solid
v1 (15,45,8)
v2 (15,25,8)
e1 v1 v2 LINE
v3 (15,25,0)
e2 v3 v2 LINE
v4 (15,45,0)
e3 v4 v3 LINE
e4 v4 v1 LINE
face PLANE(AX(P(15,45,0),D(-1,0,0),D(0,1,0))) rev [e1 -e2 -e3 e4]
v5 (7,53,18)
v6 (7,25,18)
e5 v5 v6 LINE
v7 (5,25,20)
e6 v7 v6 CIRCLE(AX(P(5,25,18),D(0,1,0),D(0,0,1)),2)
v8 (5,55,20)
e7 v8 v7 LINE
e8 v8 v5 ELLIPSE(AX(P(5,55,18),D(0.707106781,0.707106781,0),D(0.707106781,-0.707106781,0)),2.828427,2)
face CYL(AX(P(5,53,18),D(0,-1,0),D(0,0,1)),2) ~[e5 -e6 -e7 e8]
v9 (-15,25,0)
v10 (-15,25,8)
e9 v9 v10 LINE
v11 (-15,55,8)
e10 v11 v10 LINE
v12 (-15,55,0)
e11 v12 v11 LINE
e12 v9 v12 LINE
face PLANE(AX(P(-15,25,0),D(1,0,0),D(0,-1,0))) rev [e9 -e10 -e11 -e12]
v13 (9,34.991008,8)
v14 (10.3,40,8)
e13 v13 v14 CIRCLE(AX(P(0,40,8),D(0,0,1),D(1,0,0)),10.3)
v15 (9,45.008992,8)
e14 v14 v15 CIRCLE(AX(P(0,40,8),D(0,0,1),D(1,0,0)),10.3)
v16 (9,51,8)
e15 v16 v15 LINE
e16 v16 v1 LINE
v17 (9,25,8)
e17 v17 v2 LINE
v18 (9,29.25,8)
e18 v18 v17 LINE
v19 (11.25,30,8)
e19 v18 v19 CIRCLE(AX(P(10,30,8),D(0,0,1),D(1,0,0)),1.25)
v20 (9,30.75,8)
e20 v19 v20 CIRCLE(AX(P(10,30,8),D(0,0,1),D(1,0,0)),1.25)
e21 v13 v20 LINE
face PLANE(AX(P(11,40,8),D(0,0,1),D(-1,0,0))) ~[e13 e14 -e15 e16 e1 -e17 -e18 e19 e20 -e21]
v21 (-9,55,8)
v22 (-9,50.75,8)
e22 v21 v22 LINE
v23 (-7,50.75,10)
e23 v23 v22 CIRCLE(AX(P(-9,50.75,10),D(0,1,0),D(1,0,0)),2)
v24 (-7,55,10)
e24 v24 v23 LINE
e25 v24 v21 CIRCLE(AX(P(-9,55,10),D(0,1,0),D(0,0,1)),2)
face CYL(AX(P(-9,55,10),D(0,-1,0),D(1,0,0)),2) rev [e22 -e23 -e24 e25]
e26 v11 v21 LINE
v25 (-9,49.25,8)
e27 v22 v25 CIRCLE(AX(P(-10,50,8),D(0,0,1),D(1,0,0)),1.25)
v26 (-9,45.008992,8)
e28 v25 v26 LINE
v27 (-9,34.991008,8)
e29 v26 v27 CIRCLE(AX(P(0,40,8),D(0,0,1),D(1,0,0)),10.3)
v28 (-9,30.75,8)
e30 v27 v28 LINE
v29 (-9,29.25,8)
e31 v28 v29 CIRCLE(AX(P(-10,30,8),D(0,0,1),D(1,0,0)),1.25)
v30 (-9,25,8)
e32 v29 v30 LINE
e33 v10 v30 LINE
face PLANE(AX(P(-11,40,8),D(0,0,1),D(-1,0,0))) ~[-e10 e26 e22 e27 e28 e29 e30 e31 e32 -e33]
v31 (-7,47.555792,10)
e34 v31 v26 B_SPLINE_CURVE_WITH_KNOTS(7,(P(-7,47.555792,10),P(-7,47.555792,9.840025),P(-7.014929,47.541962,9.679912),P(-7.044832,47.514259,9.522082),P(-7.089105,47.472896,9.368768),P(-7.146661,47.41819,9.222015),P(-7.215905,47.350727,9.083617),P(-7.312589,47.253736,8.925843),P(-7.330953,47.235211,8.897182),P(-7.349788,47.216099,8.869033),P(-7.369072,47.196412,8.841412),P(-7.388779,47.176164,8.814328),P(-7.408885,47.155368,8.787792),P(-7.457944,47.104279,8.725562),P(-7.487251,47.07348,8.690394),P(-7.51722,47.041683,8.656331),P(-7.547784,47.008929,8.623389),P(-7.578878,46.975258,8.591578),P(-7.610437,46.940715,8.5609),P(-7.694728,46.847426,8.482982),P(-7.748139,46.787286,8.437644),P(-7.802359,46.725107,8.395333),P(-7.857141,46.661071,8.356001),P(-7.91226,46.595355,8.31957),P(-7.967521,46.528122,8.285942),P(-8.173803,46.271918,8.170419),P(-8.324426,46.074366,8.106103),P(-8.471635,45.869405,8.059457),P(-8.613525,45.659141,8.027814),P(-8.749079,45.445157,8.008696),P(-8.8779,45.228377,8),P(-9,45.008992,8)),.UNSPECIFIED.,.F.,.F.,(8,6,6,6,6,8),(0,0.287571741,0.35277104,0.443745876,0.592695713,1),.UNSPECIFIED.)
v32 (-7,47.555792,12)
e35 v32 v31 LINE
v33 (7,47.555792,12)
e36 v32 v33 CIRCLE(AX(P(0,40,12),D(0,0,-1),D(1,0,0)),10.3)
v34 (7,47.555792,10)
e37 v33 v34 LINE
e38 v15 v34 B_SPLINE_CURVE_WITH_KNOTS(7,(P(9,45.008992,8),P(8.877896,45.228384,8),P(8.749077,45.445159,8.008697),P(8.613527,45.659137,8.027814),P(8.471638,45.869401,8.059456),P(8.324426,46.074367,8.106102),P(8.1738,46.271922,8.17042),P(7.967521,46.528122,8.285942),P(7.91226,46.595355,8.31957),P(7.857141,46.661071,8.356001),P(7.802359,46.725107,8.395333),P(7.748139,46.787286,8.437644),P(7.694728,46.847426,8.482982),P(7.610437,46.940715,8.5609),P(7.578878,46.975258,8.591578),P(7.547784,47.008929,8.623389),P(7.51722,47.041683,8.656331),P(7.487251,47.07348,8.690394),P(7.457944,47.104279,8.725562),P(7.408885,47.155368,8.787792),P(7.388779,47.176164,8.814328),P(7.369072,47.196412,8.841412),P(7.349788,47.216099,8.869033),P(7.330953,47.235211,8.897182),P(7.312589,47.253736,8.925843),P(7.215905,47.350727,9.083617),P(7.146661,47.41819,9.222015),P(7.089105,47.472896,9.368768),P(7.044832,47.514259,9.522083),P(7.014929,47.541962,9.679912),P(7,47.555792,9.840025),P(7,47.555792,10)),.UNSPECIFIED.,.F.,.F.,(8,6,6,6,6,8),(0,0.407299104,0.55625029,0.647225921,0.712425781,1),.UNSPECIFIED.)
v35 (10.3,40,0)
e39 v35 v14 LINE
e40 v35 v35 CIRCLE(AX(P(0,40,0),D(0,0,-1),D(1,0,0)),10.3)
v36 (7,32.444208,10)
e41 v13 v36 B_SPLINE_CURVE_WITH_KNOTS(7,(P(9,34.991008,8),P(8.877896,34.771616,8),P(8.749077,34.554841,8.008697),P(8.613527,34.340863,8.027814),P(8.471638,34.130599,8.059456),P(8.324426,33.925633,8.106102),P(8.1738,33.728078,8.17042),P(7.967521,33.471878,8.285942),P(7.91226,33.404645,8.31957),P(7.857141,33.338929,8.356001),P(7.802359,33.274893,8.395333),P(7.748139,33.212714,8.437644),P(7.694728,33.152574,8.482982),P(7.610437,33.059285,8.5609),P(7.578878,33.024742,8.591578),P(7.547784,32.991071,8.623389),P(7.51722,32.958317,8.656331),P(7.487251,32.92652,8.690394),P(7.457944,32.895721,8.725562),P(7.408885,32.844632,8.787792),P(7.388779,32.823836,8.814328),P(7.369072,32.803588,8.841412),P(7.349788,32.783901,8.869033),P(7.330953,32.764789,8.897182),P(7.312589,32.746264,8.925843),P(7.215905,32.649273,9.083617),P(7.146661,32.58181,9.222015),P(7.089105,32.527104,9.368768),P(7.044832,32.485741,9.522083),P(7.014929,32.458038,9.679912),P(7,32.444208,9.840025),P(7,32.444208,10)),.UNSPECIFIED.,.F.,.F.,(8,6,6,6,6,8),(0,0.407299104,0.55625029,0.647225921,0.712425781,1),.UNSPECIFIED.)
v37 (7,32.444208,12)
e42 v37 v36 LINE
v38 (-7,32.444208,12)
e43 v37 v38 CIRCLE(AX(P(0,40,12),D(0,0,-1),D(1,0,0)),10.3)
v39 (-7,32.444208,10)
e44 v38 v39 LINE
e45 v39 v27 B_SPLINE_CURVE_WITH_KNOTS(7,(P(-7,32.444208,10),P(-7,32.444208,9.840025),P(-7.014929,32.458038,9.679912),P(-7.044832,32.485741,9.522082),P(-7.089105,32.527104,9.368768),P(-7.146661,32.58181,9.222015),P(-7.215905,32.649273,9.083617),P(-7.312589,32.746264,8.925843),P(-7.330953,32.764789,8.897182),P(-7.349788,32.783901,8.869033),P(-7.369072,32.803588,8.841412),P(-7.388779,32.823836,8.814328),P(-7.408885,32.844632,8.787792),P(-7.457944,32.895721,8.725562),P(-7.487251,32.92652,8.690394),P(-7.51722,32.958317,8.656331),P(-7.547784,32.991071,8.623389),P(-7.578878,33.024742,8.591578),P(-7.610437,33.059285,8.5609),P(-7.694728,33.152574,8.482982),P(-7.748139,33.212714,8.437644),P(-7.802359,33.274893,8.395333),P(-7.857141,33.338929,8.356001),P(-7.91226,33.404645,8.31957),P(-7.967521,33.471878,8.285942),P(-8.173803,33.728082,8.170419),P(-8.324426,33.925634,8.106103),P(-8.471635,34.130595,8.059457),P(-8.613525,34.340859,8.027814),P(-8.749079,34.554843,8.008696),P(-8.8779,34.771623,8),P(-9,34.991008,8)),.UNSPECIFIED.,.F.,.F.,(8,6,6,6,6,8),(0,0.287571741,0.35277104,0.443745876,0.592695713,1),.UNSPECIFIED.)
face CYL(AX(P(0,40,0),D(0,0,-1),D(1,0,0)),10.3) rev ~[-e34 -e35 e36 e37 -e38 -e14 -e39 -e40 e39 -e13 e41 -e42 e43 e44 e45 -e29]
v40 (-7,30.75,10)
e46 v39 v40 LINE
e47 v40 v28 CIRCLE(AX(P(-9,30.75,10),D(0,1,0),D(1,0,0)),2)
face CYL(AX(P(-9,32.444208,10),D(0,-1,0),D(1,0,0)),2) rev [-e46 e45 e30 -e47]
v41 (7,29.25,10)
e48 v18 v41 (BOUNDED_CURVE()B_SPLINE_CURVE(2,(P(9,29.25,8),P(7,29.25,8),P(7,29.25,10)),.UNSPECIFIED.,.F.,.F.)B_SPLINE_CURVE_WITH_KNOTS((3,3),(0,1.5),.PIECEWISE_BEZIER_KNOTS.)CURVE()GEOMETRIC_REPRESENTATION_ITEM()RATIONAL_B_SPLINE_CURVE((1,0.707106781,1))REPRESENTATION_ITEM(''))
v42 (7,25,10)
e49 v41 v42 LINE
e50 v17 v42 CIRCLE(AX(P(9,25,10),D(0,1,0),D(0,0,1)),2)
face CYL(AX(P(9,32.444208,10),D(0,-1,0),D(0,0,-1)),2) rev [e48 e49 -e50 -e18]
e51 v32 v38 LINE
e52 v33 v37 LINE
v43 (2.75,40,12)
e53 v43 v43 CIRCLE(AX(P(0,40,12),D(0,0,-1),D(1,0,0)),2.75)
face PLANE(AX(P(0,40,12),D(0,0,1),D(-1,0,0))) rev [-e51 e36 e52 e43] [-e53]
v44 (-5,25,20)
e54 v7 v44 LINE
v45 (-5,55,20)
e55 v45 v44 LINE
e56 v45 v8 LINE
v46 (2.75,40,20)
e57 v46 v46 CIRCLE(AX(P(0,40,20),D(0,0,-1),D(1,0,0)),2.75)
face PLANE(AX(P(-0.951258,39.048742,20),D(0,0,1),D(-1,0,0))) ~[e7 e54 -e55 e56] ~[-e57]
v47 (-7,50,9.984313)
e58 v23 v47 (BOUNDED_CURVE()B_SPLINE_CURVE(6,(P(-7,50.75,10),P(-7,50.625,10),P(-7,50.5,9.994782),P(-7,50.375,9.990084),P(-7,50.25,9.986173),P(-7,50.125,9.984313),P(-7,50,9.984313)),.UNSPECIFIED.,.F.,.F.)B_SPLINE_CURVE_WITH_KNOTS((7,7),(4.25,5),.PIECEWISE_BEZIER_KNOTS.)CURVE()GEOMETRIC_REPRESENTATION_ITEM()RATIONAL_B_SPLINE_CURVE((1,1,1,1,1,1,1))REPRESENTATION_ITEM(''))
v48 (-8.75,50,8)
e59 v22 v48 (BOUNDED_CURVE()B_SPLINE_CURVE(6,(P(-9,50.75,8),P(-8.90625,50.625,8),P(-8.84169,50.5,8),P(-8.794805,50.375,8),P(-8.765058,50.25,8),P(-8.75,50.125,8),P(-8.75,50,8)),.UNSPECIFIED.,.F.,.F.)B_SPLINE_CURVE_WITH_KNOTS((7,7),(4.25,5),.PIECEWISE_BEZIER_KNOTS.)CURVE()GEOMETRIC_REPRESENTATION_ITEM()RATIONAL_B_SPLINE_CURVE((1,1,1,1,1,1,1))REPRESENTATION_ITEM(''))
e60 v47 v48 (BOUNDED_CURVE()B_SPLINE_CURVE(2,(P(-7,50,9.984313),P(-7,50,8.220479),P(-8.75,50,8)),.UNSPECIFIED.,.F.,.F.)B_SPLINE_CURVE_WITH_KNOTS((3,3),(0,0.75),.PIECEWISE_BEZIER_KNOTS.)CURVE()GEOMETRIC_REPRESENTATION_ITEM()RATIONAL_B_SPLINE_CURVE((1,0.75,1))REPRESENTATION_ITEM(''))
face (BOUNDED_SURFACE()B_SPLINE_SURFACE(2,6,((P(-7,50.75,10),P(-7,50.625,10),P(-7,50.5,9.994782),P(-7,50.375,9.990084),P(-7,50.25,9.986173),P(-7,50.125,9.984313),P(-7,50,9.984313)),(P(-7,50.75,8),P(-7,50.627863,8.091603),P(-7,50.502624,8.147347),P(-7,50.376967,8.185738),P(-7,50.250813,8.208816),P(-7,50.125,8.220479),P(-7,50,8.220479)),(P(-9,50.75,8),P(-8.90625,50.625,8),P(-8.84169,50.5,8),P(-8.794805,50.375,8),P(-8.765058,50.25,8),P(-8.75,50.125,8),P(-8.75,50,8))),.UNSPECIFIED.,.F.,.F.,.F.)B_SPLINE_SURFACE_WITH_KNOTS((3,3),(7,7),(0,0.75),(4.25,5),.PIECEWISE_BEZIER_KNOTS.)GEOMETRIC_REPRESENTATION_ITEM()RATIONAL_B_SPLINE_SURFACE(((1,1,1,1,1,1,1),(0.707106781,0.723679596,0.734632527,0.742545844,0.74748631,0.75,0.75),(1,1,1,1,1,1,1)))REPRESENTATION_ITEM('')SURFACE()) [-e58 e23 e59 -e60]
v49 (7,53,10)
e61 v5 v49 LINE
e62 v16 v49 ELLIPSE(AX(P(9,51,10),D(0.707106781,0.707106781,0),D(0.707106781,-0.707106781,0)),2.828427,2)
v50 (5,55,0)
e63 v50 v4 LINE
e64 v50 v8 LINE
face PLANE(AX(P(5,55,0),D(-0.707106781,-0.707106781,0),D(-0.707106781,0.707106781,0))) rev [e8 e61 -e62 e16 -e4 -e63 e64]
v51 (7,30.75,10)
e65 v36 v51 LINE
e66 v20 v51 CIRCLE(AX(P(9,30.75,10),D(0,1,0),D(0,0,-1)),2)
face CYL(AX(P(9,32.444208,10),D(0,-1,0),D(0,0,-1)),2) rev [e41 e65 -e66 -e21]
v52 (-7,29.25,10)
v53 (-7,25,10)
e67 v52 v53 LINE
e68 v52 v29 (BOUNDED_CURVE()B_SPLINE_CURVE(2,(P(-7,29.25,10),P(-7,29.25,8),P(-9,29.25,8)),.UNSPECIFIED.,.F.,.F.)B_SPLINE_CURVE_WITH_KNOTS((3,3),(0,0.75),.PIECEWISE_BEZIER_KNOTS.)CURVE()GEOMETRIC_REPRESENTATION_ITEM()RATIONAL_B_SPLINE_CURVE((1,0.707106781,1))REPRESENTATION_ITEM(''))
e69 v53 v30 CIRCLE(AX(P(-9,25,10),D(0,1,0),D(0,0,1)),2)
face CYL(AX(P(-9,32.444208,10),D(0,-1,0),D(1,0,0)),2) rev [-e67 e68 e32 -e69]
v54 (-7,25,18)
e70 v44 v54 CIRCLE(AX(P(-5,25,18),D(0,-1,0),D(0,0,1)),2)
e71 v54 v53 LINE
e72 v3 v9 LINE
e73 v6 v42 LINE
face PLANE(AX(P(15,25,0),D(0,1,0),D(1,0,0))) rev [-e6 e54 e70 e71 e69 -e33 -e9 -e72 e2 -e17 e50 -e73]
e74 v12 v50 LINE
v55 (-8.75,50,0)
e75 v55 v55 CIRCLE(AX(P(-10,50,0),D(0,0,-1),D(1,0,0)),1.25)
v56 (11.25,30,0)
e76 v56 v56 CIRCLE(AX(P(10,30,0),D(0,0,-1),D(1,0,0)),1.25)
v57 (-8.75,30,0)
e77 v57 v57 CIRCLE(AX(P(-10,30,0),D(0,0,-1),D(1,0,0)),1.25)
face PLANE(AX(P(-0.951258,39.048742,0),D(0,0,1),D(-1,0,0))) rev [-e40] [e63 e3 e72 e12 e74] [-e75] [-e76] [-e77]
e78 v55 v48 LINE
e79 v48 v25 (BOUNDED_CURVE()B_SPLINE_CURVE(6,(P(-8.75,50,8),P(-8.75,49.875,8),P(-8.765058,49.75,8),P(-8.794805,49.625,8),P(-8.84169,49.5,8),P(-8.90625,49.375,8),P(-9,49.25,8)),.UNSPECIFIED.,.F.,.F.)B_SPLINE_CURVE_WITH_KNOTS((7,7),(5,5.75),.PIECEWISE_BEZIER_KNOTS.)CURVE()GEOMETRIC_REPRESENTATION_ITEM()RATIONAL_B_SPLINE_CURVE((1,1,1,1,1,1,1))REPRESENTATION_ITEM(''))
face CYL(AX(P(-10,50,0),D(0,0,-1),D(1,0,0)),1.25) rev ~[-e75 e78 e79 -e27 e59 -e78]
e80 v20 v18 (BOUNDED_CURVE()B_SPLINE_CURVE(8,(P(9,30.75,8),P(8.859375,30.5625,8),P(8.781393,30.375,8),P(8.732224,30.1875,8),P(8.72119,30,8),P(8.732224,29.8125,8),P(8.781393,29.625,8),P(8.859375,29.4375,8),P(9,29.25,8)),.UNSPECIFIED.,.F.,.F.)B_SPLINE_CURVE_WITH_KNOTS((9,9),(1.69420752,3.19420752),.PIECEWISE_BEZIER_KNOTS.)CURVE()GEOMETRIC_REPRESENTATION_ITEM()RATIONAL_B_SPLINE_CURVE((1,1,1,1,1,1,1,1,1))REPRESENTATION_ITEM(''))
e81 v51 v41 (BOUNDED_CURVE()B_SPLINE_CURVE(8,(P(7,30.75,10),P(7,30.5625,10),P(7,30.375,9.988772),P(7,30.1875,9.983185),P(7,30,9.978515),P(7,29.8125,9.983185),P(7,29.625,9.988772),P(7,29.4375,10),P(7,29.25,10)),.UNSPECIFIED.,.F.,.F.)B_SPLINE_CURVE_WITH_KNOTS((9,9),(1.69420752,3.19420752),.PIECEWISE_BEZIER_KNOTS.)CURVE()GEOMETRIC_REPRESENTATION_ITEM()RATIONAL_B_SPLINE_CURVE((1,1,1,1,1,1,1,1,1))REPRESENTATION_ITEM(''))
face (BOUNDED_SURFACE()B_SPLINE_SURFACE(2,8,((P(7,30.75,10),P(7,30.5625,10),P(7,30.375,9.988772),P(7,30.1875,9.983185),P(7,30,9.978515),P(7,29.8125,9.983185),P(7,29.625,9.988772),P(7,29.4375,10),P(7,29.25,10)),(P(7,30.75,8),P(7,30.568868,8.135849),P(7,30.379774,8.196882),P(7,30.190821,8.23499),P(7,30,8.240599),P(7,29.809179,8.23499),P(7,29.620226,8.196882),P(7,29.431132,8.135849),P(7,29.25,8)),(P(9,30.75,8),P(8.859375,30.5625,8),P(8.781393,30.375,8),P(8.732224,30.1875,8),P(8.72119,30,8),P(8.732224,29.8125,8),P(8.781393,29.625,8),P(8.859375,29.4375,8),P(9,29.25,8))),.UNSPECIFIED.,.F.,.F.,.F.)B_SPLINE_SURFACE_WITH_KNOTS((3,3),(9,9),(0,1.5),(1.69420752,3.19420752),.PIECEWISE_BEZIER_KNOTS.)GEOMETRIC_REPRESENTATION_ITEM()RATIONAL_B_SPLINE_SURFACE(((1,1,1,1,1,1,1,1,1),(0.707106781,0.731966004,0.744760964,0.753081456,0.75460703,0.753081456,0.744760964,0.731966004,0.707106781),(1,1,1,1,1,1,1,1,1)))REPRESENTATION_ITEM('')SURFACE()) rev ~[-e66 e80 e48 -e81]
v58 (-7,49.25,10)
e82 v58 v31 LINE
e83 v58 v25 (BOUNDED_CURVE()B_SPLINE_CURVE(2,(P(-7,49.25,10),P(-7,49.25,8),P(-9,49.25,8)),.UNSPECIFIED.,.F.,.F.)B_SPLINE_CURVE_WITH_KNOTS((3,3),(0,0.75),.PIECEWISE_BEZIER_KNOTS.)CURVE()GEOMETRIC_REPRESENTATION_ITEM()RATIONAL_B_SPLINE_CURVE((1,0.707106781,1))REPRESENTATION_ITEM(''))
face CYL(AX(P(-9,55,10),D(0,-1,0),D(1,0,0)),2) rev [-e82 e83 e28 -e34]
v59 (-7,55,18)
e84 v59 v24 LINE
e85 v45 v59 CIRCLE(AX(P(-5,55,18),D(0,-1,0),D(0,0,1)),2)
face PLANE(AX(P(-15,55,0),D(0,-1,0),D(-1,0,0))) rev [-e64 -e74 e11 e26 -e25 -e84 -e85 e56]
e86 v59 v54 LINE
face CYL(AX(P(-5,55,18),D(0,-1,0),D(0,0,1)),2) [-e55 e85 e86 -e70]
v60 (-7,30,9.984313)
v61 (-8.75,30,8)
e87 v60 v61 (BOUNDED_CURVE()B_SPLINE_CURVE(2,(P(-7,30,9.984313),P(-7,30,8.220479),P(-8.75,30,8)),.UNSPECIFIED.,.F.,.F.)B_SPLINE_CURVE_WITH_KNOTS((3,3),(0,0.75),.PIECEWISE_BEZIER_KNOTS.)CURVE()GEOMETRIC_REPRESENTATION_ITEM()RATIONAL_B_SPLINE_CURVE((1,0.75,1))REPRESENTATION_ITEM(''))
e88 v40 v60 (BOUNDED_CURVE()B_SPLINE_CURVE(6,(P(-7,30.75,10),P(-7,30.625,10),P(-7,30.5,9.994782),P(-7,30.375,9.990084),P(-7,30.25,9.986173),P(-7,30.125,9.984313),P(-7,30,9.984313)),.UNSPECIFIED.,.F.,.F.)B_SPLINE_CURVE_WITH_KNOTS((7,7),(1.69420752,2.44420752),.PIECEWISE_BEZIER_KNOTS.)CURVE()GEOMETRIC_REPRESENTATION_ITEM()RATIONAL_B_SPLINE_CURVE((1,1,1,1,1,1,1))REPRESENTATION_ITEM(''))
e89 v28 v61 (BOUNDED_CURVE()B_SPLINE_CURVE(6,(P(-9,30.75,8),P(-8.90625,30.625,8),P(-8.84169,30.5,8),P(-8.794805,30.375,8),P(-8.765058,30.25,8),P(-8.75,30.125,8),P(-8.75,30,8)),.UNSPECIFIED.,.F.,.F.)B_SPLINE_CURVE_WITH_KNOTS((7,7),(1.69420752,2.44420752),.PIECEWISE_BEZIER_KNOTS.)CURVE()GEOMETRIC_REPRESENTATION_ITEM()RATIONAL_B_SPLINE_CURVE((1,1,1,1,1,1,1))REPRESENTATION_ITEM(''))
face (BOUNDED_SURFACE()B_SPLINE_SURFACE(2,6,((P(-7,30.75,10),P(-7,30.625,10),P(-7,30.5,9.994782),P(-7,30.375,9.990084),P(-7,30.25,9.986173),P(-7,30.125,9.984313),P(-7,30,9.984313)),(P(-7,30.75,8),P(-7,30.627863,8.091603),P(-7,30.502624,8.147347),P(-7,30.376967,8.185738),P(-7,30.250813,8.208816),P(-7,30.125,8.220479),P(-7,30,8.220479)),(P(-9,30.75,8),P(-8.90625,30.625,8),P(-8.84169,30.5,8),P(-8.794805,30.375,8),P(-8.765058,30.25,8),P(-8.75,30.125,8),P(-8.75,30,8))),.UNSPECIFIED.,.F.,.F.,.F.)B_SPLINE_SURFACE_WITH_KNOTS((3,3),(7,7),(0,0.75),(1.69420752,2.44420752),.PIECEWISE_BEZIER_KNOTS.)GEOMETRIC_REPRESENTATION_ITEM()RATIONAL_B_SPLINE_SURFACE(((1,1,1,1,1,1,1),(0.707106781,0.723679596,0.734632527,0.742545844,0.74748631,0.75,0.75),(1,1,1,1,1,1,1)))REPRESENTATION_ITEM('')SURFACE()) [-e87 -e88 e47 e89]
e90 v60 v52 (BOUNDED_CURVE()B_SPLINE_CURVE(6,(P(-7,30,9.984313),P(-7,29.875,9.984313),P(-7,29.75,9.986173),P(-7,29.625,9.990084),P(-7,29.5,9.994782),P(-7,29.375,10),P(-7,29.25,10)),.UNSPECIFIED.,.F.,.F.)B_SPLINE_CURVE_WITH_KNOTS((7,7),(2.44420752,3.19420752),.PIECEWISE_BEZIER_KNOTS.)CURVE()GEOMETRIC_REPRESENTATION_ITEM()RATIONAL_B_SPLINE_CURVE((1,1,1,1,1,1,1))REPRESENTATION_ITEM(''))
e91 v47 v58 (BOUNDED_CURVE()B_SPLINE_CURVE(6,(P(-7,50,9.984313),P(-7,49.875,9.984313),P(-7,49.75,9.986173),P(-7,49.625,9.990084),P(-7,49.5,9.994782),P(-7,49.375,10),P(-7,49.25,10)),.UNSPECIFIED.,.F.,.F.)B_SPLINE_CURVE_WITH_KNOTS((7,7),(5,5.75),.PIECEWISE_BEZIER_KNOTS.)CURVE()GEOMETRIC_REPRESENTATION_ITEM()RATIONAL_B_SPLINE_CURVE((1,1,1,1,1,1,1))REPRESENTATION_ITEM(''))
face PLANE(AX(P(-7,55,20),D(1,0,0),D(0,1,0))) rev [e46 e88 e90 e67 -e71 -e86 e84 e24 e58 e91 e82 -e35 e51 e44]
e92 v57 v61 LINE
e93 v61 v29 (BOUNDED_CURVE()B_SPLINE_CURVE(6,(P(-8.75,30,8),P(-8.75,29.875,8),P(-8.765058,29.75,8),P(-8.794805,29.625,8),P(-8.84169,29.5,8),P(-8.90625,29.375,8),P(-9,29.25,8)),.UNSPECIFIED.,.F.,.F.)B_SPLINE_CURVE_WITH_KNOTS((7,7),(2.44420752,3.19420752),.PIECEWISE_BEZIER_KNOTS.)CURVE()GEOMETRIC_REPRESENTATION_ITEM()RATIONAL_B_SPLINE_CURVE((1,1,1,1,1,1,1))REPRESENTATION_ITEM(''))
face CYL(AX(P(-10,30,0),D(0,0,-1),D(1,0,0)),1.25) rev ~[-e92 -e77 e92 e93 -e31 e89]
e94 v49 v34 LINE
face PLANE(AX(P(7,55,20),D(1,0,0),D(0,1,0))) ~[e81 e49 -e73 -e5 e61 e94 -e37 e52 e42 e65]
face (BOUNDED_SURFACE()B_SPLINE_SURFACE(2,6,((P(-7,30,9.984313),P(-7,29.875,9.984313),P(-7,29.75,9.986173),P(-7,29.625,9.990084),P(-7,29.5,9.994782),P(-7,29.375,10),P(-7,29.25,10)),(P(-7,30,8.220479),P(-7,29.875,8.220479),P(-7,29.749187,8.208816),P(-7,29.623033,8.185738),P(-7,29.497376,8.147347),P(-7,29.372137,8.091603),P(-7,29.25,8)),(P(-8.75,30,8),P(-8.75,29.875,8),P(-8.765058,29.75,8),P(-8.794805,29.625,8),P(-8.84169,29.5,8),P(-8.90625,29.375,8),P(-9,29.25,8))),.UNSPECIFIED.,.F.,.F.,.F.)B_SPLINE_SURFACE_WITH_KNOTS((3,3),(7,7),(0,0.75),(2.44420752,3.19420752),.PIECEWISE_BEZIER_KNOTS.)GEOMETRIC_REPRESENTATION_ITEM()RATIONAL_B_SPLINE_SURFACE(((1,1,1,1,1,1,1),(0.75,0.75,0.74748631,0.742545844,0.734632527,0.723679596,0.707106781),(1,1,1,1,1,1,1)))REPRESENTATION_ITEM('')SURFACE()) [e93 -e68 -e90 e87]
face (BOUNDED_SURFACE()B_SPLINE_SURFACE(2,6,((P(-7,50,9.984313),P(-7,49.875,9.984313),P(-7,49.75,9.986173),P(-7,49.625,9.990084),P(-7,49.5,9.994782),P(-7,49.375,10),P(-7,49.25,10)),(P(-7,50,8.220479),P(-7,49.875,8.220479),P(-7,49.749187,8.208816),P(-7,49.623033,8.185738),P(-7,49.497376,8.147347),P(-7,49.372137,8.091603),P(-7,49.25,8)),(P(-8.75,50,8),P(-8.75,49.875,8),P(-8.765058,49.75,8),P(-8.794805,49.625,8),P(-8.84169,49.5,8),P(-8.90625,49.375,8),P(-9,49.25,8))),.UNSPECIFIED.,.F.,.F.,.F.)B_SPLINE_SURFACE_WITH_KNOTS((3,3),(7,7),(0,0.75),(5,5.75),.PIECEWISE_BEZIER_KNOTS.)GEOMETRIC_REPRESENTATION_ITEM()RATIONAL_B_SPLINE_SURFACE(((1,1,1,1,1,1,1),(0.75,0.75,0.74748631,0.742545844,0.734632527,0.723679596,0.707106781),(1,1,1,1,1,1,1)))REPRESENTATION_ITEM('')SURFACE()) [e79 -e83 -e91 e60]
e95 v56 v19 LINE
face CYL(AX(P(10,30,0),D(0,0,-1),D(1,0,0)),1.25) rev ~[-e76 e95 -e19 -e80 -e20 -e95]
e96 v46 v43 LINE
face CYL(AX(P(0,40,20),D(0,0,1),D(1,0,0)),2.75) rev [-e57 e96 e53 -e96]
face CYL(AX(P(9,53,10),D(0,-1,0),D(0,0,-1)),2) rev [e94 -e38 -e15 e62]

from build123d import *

# Parameters (mm, degrees)
SKETCH1_R          = 1.25
MAIN_DEPTH         = 20
SKETCH2_R          = 10.3
CENTRALHOLE_DEPTH  = 12
SKETCH5_R          = 2.75
SKETCH5_W          = 8
SKETCH5_H          = 30
CUT_EXTRUDE3_DEPTH = 12
FILLET1_R          = 2
SKETCH6_W          = 30
SKETCH6_H          = 30
CUT_EXTRUDE4_DEPTH = 21.0000001


with BuildPart() as part:
    # Sketch1 → Main (new body)
    with BuildSketch(Plane.XY):
        Polygon((-15, -15), (5, -15), (15, -5), (15, 15), (-15, 15), align=None)
        with Locations((-10, 10)):
            Circle(SKETCH1_R, mode=Mode.SUBTRACT)
        with Locations((10, 10)):
            Circle(SKETCH1_R, mode=Mode.SUBTRACT)
        with Locations((-10, -10)):
            Circle(SKETCH1_R, mode=Mode.SUBTRACT)
    extrude(amount=MAIN_DEPTH)

    # Sketch2 → CentralHole (cut)
    with BuildSketch(Plane.XY):
        Circle(SKETCH2_R)
    extrude(amount=CENTRALHOLE_DEPTH, mode=Mode.SUBTRACT)

    # Sketch5 → Cut-Extrude3 (cut)
    with BuildSketch(Plane.XY.offset(20)):
        Circle(SKETCH5_R)
        with Locations((11, 0)):
            Rectangle(SKETCH5_W, SKETCH5_H)
        with Locations((-11, 0)):
            Rectangle(SKETCH5_W, SKETCH5_H)
    extrude(amount=-CUT_EXTRUDE3_DEPTH, mode=Mode.SUBTRACT)

    # Fillet1
    fillet1_edges = [part.edges().sort_by_distance(p)[0] for p in [
        (-7, 0, 20),
        (7, 1, 20),
        (-7, 11.27789624, 8),
        (-7, -11.27789624, 8),
        (7, 11.27789624, 8),
        (7, -10.27789624, 8),
    ]]
    fillet(fillet1_edges, radius=FILLET1_R)


with BuildPart() as body_2:
    # Mirror1: mirrored copy
    add(part.part.mirror(Plane.ZX.offset(20)))


with BuildPart() as part_1:
    add(part.part)

    # Sketch6 → Cut-Extrude4 (cut, through all)
    with BuildSketch(Plane.XY.offset(20)):
        Rectangle(SKETCH6_W, SKETCH6_H)
    extrude(amount=-CUT_EXTRUDE4_DEPTH, mode=Mode.SUBTRACT)


solid = body_2.part
